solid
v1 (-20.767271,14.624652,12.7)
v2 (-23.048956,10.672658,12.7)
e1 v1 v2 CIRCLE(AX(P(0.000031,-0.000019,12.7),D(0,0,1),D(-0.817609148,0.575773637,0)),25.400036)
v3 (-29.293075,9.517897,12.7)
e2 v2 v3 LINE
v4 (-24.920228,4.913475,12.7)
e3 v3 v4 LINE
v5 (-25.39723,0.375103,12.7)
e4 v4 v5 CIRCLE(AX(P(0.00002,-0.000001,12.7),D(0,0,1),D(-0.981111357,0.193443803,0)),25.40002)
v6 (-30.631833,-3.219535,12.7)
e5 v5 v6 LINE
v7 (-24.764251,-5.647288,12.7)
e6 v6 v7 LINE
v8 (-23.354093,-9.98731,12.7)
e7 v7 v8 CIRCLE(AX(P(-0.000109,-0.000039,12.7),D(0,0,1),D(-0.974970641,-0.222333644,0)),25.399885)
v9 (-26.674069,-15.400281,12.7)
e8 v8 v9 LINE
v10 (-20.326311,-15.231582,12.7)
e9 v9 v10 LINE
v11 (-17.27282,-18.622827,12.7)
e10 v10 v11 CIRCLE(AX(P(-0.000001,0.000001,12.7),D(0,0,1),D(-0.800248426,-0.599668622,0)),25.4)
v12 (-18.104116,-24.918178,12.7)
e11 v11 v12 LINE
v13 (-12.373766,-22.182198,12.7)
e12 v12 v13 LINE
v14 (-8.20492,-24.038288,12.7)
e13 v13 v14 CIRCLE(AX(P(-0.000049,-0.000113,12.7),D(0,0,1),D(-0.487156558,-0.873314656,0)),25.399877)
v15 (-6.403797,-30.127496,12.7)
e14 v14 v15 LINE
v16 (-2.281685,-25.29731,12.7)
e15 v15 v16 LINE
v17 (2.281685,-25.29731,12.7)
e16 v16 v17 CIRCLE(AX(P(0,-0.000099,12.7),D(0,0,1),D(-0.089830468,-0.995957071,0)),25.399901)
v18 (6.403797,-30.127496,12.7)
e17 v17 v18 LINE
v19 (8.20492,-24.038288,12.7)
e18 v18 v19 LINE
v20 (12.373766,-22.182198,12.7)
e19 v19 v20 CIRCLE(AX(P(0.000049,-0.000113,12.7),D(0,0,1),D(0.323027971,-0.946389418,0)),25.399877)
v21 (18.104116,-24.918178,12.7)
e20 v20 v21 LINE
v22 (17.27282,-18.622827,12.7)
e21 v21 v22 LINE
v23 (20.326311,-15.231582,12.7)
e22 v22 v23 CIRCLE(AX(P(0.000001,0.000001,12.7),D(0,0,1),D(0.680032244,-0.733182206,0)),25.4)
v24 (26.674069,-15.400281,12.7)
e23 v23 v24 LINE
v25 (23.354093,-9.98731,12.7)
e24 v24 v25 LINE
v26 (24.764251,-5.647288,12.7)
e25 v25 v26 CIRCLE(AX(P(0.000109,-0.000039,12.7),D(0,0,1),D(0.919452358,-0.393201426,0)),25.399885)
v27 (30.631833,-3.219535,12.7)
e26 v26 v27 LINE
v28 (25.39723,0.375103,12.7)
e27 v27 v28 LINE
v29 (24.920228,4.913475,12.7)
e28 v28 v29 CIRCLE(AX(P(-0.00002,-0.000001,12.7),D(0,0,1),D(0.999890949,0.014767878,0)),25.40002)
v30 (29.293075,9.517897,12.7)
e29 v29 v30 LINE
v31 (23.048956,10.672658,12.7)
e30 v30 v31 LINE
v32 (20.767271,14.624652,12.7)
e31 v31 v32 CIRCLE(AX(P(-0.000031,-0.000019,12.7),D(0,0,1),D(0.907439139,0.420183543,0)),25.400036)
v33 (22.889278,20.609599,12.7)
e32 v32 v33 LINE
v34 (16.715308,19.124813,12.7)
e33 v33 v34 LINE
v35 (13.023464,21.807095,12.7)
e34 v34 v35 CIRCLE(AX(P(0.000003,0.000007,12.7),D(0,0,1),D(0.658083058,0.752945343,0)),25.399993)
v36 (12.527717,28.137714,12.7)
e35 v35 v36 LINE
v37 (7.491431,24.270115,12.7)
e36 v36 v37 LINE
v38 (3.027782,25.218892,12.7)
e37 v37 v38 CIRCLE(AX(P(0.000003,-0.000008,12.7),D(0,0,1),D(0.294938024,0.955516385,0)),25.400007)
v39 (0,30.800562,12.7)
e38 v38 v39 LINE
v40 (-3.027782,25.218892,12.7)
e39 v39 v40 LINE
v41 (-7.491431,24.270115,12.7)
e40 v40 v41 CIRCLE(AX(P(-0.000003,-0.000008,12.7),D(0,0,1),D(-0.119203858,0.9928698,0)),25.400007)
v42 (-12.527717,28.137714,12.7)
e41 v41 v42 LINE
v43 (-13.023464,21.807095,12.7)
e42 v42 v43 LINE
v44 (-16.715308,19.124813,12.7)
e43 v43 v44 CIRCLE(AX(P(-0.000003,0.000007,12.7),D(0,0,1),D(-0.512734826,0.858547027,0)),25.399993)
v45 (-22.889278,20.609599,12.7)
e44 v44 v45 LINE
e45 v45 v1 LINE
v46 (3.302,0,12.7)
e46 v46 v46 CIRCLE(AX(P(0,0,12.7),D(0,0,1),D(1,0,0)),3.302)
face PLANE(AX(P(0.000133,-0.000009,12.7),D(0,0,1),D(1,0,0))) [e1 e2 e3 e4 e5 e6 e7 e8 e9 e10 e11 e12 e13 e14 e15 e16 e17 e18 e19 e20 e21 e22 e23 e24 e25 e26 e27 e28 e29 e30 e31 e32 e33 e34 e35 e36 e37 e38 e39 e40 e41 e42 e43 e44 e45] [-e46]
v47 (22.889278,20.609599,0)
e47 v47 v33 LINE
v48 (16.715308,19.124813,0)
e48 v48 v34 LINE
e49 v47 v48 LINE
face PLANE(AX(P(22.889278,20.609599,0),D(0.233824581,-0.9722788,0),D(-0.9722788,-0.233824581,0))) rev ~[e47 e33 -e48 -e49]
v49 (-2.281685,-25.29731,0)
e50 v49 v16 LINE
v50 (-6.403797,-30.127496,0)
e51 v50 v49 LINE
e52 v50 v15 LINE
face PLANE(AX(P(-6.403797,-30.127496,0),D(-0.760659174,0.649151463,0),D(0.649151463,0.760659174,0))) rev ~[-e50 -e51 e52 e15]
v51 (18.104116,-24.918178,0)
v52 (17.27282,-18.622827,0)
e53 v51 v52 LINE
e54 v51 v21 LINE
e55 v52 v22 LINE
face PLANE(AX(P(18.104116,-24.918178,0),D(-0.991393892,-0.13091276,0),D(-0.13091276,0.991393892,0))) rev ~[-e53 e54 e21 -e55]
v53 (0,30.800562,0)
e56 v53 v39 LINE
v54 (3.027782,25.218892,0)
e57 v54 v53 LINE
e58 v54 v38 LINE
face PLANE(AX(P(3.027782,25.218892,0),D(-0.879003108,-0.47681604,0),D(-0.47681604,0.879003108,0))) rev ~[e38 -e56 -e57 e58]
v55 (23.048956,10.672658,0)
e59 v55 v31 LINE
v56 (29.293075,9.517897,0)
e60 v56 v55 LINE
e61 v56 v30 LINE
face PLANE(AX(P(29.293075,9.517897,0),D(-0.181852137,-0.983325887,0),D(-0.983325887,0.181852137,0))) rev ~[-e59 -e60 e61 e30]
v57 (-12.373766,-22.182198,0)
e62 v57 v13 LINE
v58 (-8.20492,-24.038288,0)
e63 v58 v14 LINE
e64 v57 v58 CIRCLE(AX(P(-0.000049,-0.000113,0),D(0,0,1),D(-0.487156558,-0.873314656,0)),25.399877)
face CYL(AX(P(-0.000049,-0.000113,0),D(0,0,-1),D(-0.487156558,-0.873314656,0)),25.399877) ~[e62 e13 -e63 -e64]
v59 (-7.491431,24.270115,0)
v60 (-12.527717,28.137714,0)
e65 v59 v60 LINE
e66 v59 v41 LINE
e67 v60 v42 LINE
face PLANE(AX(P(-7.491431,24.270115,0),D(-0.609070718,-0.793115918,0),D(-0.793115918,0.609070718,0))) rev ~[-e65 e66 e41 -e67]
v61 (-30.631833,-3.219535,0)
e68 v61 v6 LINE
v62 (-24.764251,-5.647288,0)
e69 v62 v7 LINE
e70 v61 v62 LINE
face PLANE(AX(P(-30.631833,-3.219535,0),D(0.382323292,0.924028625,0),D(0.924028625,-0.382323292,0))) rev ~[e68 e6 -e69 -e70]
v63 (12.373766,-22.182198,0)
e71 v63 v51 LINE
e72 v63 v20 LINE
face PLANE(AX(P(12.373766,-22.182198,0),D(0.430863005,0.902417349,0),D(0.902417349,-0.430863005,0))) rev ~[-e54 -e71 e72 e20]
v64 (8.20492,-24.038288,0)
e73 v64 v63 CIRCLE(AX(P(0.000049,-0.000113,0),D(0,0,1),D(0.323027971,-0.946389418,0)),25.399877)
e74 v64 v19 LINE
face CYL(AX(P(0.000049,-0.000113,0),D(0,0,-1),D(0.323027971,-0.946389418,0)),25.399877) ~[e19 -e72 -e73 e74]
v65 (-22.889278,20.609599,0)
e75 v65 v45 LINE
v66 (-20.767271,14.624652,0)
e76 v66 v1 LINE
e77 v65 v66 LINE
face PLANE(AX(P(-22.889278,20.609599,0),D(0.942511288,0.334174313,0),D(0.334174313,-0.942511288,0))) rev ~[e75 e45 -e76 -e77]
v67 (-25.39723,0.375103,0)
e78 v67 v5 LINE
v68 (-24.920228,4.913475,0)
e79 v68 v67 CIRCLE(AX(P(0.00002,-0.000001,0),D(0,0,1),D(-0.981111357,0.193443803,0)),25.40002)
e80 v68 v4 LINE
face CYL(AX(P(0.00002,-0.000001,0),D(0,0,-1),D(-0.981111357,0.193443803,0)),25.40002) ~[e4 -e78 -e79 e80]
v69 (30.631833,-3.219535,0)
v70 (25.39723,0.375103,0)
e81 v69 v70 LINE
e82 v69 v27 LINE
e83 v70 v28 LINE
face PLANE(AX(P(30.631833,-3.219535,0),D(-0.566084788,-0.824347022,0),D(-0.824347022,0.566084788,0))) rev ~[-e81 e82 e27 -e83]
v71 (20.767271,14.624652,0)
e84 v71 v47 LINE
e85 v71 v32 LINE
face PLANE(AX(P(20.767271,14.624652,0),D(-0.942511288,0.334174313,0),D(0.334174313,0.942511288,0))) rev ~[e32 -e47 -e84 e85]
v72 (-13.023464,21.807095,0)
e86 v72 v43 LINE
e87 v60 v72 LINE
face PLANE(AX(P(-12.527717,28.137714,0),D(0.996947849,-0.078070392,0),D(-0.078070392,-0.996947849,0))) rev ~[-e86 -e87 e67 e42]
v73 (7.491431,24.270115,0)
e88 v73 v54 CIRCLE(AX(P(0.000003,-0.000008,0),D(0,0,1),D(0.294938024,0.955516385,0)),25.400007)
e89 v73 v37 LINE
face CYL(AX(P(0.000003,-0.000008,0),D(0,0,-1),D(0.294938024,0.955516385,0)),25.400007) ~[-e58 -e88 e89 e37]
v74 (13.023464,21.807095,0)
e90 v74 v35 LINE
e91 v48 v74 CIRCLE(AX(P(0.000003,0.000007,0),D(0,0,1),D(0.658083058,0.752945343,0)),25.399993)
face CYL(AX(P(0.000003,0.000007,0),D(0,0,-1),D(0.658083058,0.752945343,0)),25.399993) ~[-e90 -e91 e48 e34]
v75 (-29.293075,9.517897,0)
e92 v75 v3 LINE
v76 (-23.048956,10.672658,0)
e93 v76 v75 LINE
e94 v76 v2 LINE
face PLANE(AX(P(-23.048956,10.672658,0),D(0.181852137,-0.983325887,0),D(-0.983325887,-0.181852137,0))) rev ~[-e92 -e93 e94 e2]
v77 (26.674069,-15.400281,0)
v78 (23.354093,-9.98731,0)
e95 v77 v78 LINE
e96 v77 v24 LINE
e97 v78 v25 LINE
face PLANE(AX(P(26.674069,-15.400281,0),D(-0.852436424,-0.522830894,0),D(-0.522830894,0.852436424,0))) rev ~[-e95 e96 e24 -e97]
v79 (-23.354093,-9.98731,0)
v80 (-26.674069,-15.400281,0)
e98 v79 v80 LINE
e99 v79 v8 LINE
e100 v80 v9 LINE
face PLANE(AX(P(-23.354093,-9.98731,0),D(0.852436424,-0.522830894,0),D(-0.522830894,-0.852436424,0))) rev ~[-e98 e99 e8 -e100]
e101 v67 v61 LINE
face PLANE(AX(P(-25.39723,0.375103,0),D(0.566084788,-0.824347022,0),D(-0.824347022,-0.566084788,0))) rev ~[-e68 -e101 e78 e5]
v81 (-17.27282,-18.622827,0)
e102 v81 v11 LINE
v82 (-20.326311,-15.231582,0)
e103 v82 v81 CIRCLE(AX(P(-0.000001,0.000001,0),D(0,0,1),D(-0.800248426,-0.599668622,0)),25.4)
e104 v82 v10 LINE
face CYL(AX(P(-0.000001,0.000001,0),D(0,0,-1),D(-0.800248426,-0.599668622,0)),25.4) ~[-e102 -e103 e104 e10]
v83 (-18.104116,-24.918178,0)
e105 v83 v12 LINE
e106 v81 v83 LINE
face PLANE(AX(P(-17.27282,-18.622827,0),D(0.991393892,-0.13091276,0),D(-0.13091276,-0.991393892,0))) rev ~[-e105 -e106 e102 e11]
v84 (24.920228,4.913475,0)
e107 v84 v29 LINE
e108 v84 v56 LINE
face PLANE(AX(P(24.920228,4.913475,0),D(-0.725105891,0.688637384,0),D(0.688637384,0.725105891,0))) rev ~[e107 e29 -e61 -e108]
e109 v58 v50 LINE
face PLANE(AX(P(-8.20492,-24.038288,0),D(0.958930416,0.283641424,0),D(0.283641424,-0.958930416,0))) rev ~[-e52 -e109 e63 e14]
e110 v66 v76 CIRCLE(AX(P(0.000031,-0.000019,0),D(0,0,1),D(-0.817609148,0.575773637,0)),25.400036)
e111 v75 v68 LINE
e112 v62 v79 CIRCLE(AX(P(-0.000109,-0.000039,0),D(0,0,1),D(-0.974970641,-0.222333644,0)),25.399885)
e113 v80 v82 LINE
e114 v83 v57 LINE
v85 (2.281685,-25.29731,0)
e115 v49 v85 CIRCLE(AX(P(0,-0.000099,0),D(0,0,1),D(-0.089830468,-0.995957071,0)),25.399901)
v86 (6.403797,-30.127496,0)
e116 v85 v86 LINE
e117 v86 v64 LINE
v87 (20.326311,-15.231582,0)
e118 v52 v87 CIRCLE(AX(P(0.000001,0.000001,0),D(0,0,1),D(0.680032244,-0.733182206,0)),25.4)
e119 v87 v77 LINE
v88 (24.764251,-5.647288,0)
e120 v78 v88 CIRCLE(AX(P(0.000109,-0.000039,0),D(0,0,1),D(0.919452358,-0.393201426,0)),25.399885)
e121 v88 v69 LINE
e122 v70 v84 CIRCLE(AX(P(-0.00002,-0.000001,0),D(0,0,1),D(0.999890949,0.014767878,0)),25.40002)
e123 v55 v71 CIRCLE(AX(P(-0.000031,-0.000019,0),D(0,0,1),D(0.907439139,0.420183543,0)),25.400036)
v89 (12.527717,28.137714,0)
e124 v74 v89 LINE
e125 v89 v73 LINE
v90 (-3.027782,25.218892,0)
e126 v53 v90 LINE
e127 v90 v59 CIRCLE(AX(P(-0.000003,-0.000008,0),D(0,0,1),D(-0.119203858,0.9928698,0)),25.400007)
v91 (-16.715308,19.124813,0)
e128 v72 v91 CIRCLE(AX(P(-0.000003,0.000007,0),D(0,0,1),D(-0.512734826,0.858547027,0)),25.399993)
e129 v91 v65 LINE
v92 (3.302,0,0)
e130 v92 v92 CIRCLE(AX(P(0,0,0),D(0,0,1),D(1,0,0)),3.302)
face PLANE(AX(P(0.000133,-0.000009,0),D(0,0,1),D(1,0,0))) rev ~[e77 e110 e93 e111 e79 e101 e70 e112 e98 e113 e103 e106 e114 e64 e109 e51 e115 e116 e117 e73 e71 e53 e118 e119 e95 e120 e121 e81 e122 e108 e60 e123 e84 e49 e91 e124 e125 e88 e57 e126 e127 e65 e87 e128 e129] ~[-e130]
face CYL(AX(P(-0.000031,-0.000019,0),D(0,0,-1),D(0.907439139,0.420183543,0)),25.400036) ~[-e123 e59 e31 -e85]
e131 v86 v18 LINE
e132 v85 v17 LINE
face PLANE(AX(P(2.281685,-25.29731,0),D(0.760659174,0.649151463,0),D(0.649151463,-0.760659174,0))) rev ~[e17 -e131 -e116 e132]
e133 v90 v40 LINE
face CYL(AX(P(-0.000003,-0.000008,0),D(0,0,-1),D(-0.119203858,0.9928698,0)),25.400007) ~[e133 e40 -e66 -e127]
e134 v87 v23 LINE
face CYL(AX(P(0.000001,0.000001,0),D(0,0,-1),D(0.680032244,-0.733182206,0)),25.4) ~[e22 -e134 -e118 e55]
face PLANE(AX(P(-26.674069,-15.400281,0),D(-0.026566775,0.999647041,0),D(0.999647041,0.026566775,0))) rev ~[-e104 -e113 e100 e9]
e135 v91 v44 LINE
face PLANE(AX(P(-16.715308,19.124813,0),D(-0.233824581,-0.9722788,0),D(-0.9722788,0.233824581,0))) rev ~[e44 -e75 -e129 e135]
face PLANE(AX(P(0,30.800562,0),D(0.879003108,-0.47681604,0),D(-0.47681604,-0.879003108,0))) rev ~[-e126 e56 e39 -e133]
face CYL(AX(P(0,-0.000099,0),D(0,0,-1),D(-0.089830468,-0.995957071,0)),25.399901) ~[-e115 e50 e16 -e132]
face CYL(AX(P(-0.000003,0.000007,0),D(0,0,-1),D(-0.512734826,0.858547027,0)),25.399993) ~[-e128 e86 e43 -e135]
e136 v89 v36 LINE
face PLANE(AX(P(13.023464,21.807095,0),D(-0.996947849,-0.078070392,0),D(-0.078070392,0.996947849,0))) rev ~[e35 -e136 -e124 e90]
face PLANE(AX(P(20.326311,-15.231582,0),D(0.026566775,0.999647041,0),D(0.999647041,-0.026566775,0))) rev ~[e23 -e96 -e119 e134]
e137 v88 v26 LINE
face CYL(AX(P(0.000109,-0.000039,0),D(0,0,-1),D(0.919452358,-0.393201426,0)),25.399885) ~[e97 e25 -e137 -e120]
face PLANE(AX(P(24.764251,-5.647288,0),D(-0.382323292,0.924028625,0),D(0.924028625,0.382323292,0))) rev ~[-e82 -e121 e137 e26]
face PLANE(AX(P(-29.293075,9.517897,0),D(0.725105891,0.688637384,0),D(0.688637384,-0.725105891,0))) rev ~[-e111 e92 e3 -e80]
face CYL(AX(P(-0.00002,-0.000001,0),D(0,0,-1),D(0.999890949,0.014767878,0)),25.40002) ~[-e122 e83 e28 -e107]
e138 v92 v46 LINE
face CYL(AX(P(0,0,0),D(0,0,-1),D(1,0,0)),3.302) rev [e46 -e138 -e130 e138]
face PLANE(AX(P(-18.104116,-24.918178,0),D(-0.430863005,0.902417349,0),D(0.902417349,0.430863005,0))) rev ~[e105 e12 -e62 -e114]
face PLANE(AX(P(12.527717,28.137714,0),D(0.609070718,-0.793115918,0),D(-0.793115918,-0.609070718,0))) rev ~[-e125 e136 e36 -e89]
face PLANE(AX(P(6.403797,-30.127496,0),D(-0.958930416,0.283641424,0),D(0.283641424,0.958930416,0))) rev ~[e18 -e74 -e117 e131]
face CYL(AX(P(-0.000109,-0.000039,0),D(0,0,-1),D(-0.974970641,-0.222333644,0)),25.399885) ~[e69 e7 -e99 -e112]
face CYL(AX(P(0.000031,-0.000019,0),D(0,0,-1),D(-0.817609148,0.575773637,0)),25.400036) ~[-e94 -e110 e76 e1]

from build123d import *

# Parameters (mm, degrees)
F0_R     = 3.302
F1_DEPTH = 12.7


with BuildPart() as f1:
    # F0 (on Top) → F1 (new body)
    with BuildSketch(Plane.XY):
        with BuildLine():
            ThreePointArc((24.764251, -5.647288), (25.240562, -2.84148), (25.4, 0))
            ThreePointArc((25.4, 0), (25.399308, 0.187557), (25.39723, 0.375103))
            ThreePointArc((25.39723, 0.375103), (25.260856, 2.655023), (24.920228, 4.913475))
            ThreePointArc((24.920228, 4.913475), (24.156836, 7.849032), (23.048956, 10.672658))
            ThreePointArc((23.048956, 10.672658), (21.997045, 12.7), (20.767271, 14.624652))
            ThreePointArc((20.767271, 14.624652), (18.875879, 16.995917), (16.715308, 19.124813))
            ThreePointArc((16.715308, 19.124813), (14.929745, 20.549032), (13.023464, 21.807095))
            ThreePointArc((13.023464, 21.807095), (10.331111, 23.204055), (7.491431, 24.270115))
            ThreePointArc((7.491431, 24.270115), (5.280957, 24.844949), (3.027782, 25.218892))
            ThreePointArc((3.027782, 25.218892), (0, 25.4), (-3.027782, 25.218892))
            ThreePointArc((-3.027782, 25.218892), (-5.280957, 24.844949), (-7.491431, 24.270115))
            ThreePointArc((-7.491431, 24.270115), (-10.331111, 23.204055), (-13.023464, 21.807095))
            ThreePointArc((-13.023464, 21.807095), (-14.929745, 20.549032), (-16.715308, 19.124813))
            ThreePointArc((-16.715308, 19.124813), (-18.875879, 16.995917), (-20.767271, 14.624652))
            ThreePointArc((-20.767271, 14.624652), (-21.997045, 12.7), (-23.048956, 10.672658))
            ThreePointArc((-23.048956, 10.672658), (-24.156836, 7.849032), (-24.920228, 4.913475))
            ThreePointArc((-24.920228, 4.913475), (-25.260856, 2.655023), (-25.39723, 0.375103))
            ThreePointArc((-25.39723, 0.375103), (-25.260856, -2.655023), (-24.764251, -5.647288))
            ThreePointArc((-24.764251, -5.647288), (-24.156836, -7.849032), (-23.354093, -9.98731))
            ThreePointArc((-23.354093, -9.98731), (-21.997045, -12.7), (-20.326311, -15.231582))
            ThreePointArc((-20.326311, -15.231582), (-18.875879, -16.995917), (-17.27282, -18.622827))
            ThreePointArc((-17.27282, -18.622827), (-14.929745, -20.549032), (-12.373766, -22.182198))
            ThreePointArc((-12.373766, -22.182198), (-10.331111, -23.204055), (-8.20492, -24.038288))
            ThreePointArc((-8.20492, -24.038288), (-5.280957, -24.844949), (-2.281685, -25.29731))
            ThreePointArc((-2.281685, -25.29731), (0, -25.4), (2.281685, -25.29731))
            ThreePointArc((2.281685, -25.29731), (5.280957, -24.844949), (8.20492, -24.038288))
            ThreePointArc((8.20492, -24.038288), (10.331111, -23.204055), (12.373766, -22.182198))
            ThreePointArc((12.373766, -22.182198), (14.929745, -20.549032), (17.27282, -18.622827))
            ThreePointArc((17.27282, -18.622827), (18.875879, -16.995917), (20.326311, -15.231582))
            ThreePointArc((20.326311, -15.231582), (21.997045, -12.7), (23.354093, -9.98731))
            ThreePointArc((23.354093, -9.98731), (24.156836, -7.849032), (24.764251, -5.647288))
        make_face()
        Circle(F0_R, mode=Mode.SUBTRACT)
        with BuildLine():
            ThreePointArc((25.39723, 0.375103), (25.399308, 0.187557), (25.4, 0))
            ThreePointArc((25.4, 0), (25.240562, -2.84148), (24.764251, -5.647288))
            Line((24.764251, -5.647288), (30.631833, -3.219535))
            Line((30.631833, -3.219535), (25.39723, 0.375103))
        make_face()
        with BuildLine():
            ThreePointArc((23.048956, 10.672658), (24.156836, 7.849032), (24.920228, 4.913475))
            Line((24.920228, 4.913475), (29.293075, 9.517897))
            Line((29.293075, 9.517897), (23.048956, 10.672658))
        make_face()
        with BuildLine():
            Line((26.674069, -15.400281), (23.354093, -9.98731))
            ThreePointArc((23.354093, -9.98731), (21.997045, -12.7), (20.326311, -15.231582))
            Line((20.326311, -15.231582), (26.674069, -15.400281))
        make_face()
        with BuildLine():
            ThreePointArc((16.715308, 19.124813), (18.875879, 16.995917), (20.767271, 14.624652))
            Line((20.767271, 14.624652), (22.889278, 20.609599))
            Line((22.889278, 20.609599), (16.715308, 19.124813))
        make_face()
        with BuildLine():
            Line((18.104116, -24.918178), (17.27282, -18.622827))
            ThreePointArc((17.27282, -18.622827), (14.929745, -20.549032), (12.373766, -22.182198))
            Line((12.373766, -22.182198), (18.104116, -24.918178))
        make_face()
        with BuildLine():
            ThreePointArc((7.491431, 24.270115), (10.331111, 23.204055), (13.023464, 21.807095))
            Line((13.023464, 21.807095), (12.527717, 28.137714))
            Line((12.527717, 28.137714), (7.491431, 24.270115))
        make_face()
        with BuildLine():
            Line((6.403797, -30.127496), (8.20492, -24.038288))
            ThreePointArc((8.20492, -24.038288), (5.280957, -24.844949), (2.281685, -25.29731))
            Line((2.281685, -25.29731), (6.403797, -30.127496))
        make_face()
        with BuildLine():
            ThreePointArc((-3.027782, 25.218892), (0, 25.4), (3.027782, 25.218892))
            Line((3.027782, 25.218892), (0, 30.800562))
            Line((0, 30.800562), (-3.027782, 25.218892))
        make_face()
        with BuildLine():
            Line((-6.403797, -30.127496), (-2.281685, -25.29731))
            ThreePointArc((-2.281685, -25.29731), (-5.280957, -24.844949), (-8.20492, -24.038288))
            Line((-8.20492, -24.038288), (-6.403797, -30.127496))
        make_face()
        with BuildLine():
            ThreePointArc((-13.023464, 21.807095), (-10.331111, 23.204055), (-7.491431, 24.270115))
            Line((-7.491431, 24.270115), (-12.527717, 28.137714))
            Line((-12.527717, 28.137714), (-13.023464, 21.807095))
        make_face()
        with BuildLine():
            Line((-18.104116, -24.918178), (-12.373766, -22.182198))
            ThreePointArc((-12.373766, -22.182198), (-14.929745, -20.549032), (-17.27282, -18.622827))
            Line((-17.27282, -18.622827), (-18.104116, -24.918178))
        make_face()
        with BuildLine():
            ThreePointArc((-20.767271, 14.624652), (-18.875879, 16.995917), (-16.715308, 19.124813))
            Line((-16.715308, 19.124813), (-22.889278, 20.609599))
            Line((-22.889278, 20.609599), (-20.767271, 14.624652))
        make_face()
        with BuildLine():
            Line((-26.674069, -15.400281), (-20.326311, -15.231582))
            ThreePointArc((-20.326311, -15.231582), (-21.997045, -12.7), (-23.354093, -9.98731))
            Line((-23.354093, -9.98731), (-26.674069, -15.400281))
        make_face()
        with BuildLine():
            ThreePointArc((-24.920228, 4.913475), (-24.156836, 7.849032), (-23.048956, 10.672658))
            Line((-23.048956, 10.672658), (-29.293075, 9.517897))
            Line((-29.293075, 9.517897), (-24.920228, 4.913475))
        make_face()
        with BuildLine():
            Line((-30.631833, -3.219535), (-24.764251, -5.647288))
            ThreePointArc((-24.764251, -5.647288), (-25.260856, -2.655023), (-25.39723, 0.375103))
            Line((-25.39723, 0.375103), (-30.631833, -3.219535))
        make_face()
    extrude(amount=F1_DEPTH)


solid = f1.part
